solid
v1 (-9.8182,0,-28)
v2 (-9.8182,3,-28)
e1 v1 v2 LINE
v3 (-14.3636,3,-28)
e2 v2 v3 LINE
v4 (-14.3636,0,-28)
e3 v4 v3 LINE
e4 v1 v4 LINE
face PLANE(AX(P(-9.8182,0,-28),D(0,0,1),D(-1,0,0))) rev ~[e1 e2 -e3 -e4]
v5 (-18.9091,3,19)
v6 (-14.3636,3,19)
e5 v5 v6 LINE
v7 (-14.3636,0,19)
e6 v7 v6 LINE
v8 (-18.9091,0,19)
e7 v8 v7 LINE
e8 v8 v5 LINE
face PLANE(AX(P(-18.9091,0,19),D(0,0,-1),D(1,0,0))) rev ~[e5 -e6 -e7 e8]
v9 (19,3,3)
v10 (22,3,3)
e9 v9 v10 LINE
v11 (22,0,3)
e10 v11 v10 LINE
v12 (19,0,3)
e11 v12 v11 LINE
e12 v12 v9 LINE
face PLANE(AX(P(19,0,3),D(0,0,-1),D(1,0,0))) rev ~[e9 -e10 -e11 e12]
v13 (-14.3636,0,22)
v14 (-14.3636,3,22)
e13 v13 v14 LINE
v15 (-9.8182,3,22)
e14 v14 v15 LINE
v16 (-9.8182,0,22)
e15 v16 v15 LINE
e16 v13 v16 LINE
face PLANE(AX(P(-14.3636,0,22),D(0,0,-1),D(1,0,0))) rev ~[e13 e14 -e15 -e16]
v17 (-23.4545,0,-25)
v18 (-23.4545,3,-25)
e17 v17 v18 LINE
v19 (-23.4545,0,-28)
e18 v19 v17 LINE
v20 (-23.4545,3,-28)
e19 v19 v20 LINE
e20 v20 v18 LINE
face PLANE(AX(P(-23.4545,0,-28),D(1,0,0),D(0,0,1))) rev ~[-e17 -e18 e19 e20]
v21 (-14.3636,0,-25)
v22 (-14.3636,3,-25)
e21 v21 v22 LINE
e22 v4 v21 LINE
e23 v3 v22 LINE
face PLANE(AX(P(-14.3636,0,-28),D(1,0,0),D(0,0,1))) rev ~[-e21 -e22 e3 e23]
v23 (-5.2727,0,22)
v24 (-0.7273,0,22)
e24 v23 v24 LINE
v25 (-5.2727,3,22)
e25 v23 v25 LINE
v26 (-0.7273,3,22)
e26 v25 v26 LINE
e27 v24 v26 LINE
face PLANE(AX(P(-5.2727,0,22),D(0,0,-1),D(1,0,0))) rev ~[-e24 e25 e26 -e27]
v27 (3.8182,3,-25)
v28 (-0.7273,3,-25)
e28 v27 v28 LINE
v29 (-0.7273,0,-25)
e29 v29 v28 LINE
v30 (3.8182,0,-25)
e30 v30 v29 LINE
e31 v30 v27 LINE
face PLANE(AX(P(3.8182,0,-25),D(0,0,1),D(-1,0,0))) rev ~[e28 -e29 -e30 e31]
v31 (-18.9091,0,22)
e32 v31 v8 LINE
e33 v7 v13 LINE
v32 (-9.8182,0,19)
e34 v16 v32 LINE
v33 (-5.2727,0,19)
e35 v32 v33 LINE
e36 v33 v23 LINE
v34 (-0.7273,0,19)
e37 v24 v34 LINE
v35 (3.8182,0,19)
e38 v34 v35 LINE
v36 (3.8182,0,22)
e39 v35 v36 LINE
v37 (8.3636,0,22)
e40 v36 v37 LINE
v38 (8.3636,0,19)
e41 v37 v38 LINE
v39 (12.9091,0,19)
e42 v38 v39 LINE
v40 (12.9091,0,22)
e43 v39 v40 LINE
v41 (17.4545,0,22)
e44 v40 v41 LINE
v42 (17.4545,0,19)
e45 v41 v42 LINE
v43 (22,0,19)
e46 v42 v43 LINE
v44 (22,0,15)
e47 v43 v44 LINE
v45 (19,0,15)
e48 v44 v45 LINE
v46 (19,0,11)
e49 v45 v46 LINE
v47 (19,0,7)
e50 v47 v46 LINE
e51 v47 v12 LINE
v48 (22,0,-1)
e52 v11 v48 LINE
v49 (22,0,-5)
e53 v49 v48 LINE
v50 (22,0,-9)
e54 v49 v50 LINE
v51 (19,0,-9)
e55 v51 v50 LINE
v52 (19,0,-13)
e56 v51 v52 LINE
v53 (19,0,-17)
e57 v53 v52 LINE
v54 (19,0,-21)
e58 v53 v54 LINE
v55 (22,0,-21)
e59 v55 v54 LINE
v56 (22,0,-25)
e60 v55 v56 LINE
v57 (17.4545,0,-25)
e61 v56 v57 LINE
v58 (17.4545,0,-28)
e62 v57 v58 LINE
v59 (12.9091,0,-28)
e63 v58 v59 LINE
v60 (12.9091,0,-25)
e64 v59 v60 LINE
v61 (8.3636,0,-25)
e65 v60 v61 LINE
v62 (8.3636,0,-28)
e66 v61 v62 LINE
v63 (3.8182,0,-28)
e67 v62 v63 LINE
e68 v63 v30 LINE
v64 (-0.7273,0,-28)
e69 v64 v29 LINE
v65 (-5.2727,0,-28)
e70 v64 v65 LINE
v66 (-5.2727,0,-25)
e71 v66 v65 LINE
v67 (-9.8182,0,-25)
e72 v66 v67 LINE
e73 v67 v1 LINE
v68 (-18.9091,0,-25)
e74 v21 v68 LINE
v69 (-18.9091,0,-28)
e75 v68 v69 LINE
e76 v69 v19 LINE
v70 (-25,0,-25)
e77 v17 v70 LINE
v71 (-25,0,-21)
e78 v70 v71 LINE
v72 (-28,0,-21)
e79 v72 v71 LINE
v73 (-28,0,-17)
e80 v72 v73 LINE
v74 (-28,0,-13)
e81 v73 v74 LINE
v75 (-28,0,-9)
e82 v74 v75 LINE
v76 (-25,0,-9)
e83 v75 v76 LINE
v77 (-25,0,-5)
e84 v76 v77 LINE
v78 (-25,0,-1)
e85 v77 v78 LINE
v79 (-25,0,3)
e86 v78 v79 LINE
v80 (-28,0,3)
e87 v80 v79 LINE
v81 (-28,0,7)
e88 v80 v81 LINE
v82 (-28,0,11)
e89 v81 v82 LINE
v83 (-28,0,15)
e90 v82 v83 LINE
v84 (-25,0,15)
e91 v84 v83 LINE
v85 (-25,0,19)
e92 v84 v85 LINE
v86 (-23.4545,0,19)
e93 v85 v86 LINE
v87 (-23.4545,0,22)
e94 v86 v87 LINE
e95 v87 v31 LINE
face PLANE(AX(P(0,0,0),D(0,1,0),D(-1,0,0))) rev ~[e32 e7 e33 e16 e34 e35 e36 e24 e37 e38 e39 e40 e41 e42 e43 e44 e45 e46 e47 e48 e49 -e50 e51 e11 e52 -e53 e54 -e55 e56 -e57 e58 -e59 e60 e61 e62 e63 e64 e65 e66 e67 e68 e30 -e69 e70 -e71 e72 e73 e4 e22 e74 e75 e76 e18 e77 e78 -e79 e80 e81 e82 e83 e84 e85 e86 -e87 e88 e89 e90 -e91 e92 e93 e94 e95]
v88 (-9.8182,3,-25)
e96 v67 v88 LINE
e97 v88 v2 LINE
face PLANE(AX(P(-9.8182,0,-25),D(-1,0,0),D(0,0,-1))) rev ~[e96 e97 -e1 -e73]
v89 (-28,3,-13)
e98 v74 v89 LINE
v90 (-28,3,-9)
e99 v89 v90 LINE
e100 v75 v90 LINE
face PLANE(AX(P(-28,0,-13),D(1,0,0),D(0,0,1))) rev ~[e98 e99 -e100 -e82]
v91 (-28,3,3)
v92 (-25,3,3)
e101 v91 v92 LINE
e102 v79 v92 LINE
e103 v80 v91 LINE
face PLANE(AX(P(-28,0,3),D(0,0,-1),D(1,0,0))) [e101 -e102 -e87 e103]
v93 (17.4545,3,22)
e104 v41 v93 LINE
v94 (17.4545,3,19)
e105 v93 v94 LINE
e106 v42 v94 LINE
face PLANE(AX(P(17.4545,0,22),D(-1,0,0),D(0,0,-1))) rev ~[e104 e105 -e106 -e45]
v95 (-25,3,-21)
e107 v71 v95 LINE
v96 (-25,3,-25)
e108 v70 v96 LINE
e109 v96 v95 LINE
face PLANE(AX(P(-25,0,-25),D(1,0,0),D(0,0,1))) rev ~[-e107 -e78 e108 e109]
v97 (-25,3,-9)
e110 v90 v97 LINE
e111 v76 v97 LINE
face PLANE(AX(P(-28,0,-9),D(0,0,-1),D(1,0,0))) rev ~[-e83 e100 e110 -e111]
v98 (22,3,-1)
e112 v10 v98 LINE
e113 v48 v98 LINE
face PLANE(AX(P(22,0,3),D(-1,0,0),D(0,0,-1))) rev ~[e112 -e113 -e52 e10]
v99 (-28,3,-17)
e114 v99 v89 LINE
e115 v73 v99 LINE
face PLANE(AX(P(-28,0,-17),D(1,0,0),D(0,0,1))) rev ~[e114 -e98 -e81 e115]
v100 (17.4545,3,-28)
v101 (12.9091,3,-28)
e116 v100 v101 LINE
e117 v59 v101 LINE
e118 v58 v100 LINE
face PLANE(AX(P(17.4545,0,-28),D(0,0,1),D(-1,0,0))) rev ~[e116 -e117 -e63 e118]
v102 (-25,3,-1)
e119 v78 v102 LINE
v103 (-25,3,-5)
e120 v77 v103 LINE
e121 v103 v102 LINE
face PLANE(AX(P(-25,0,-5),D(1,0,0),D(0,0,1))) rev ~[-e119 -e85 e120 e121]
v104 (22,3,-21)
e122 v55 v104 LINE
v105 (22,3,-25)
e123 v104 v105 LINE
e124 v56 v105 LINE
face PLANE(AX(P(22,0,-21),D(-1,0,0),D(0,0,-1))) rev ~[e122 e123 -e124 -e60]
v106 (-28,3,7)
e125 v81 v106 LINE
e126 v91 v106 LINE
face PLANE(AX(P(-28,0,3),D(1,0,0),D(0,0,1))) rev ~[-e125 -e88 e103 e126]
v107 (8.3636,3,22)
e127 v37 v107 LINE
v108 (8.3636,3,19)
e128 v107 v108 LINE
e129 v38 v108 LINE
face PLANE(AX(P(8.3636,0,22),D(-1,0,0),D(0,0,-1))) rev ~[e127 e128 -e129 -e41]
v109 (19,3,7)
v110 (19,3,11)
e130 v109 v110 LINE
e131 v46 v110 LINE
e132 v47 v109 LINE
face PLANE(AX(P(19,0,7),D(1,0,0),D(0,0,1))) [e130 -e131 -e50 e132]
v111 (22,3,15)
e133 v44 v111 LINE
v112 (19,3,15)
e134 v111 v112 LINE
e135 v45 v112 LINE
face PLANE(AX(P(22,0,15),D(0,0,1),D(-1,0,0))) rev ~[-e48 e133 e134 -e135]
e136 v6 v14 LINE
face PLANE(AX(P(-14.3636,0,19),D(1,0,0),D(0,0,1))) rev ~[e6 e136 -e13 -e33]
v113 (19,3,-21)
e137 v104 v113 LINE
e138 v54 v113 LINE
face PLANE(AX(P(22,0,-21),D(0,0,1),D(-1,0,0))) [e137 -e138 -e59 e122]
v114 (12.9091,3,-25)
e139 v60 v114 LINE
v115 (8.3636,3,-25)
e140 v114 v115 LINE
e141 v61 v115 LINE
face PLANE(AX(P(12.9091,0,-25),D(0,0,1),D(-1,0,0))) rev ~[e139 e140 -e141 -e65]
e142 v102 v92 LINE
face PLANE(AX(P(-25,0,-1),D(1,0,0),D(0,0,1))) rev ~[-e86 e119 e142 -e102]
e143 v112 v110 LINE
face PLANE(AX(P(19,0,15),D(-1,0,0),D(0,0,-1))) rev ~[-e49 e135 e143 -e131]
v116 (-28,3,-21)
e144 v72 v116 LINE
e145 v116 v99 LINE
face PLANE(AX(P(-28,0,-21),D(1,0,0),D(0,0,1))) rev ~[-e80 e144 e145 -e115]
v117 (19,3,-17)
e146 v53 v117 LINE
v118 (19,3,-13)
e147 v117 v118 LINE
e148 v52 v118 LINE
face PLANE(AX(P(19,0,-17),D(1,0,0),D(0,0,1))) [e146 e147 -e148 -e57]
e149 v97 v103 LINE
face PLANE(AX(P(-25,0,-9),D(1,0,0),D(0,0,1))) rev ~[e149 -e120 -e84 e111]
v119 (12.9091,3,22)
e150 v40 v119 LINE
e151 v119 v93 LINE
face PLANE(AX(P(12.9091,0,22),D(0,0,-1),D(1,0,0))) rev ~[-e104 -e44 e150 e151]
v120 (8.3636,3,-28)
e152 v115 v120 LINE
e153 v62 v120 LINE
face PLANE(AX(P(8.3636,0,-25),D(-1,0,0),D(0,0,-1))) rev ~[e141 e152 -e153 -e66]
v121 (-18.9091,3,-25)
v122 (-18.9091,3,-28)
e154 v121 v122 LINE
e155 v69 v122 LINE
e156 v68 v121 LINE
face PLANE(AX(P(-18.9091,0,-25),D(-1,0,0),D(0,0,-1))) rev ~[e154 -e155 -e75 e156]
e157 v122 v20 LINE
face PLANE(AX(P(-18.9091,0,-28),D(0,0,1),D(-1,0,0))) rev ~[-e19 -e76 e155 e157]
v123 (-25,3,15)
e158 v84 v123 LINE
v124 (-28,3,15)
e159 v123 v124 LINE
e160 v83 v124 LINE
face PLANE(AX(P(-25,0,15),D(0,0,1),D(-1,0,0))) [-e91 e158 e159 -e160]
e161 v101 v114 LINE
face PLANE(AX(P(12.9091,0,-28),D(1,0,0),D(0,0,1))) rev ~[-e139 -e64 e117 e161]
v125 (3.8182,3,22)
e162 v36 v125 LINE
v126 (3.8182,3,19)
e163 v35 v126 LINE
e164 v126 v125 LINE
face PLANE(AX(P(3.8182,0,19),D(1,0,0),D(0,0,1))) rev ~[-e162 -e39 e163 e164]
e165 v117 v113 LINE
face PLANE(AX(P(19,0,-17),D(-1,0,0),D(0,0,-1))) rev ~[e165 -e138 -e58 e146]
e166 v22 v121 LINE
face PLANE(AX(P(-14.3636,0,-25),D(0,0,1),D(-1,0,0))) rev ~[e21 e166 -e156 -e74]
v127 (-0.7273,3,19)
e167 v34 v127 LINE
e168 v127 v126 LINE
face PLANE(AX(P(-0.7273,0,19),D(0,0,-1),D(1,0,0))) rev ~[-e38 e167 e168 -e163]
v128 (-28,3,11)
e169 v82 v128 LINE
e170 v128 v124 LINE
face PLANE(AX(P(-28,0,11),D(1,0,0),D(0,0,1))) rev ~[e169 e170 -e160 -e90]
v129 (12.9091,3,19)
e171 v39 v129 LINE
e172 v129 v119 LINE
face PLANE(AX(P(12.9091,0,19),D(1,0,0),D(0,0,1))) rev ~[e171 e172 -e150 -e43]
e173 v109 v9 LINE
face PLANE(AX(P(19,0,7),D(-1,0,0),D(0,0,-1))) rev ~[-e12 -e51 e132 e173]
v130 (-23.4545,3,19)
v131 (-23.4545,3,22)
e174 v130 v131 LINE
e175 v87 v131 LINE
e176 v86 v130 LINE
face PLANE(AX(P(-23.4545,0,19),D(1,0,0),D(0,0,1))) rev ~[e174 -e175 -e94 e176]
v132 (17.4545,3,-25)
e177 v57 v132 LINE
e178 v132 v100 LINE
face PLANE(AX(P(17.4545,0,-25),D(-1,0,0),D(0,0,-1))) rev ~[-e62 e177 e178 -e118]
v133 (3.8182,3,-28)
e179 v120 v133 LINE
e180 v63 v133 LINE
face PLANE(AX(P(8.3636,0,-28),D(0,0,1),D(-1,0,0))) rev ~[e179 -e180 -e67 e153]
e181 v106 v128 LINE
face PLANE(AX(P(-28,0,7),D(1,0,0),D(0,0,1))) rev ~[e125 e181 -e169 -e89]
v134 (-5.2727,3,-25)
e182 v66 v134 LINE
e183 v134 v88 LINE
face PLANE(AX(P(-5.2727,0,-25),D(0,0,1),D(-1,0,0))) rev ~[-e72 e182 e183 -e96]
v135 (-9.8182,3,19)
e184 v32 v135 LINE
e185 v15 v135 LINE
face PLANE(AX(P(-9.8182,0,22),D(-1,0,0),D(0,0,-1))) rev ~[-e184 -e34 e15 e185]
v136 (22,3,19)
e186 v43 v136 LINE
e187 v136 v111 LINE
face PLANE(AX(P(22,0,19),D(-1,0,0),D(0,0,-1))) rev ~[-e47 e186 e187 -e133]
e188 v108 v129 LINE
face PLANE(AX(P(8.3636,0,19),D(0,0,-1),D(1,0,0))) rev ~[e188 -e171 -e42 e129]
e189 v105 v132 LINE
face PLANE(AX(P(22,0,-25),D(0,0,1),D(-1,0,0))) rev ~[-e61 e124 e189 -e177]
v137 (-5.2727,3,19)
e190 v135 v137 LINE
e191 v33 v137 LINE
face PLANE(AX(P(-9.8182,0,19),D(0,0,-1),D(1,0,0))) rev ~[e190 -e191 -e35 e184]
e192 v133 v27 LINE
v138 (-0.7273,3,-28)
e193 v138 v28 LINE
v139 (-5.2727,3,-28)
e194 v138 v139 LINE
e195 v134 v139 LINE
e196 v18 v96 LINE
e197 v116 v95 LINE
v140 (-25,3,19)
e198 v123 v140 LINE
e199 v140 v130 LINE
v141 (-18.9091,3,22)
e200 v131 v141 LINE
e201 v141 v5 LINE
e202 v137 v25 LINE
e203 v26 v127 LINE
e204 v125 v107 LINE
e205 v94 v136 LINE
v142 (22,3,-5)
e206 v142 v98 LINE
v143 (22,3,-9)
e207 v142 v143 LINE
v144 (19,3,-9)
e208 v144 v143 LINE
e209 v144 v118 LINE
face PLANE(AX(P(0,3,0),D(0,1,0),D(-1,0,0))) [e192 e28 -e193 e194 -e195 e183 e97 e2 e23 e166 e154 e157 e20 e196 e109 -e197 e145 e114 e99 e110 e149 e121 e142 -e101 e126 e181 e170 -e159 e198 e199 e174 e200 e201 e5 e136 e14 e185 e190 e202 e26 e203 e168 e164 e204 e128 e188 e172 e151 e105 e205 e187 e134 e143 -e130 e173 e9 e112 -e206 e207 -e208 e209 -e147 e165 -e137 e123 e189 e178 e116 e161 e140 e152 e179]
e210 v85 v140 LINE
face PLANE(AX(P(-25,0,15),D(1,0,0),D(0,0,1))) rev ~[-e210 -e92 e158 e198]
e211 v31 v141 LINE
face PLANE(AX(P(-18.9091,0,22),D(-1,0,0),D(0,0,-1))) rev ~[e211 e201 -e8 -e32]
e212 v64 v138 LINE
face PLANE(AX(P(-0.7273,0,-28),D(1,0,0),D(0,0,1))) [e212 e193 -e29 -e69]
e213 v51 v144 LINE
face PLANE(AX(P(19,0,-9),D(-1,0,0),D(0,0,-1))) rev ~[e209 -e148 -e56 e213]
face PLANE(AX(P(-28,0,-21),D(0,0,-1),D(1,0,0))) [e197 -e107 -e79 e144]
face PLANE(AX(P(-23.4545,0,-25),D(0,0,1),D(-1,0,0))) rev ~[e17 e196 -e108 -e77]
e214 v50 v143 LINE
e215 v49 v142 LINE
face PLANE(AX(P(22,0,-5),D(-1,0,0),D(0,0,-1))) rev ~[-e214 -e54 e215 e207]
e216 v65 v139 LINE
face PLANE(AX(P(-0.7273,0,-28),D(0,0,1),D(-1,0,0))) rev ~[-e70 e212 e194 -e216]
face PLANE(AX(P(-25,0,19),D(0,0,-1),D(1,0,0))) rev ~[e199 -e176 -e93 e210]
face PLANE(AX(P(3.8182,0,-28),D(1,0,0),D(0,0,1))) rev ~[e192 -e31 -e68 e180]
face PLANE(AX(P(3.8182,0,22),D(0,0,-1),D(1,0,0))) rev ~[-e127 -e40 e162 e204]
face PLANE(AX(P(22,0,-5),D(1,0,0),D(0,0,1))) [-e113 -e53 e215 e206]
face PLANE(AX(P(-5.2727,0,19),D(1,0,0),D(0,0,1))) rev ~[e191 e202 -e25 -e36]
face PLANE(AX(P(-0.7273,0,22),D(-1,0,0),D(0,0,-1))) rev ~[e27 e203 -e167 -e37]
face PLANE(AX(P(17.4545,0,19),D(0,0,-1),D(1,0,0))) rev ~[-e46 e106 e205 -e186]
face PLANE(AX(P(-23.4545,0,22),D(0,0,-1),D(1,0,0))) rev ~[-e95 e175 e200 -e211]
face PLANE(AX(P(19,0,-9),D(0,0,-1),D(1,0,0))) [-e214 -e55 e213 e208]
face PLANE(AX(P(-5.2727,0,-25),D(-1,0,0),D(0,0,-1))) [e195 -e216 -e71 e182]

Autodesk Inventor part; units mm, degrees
ref_plane "YZ Plane" through (0, 0, 0) normal (1, 0, 0) x (0, 1, 0)
ref_plane "XZ Plane" through (0, 0, 0) normal (0, 1, 0) x (-1, 0, 0)
ref_plane "XY Plane" through (0, 0, 0) normal (0, 0, 1) x (1, 0, 0)
sketch "Sketch1" plane through (0, 0, 0) normal (0, 1, 0) x (-1, 0, 0)
  line L0 (23.4545, 19) -> (23.4545, 22)
  line L1 (18.9091, 22) -> (18.9091, 19)
  line L2 (14.3636, 19) -> (14.3636, 22)
  line L3 (9.8182, 22) -> (9.8182, 19)
  line L4 (5.2727, 19) -> (5.2727, 22)
  line L5 (0.7273, 22) -> (0.7273, 19)
  line L6 (-3.8182, 19) -> (-3.8182, 22)
  line L7 (-8.3636, 22) -> (-8.3636, 19)
  line L8 (-12.9091, 19) -> (-12.9091, 22)
  line L9 (-17.4545, 22) -> (-17.4545, 19)
  line L10 (-22, 15) -> (-19, 15)
  line L11 (-19, 3) -> (-22, 3)
  line L12 (-19, -9) -> (-22, -9)
  line L13 (-22, -21) -> (-19, -21)
  line L14 (-17.4545, -25) -> (-17.4545, -28)
  line L15 (-12.9091, -28) -> (-12.9091, -25)
  line L16 (-8.3636, -25) -> (-8.3636, -28)
  line L17 (-3.8182, -28) -> (-3.8182, -25)
  line L18 (0.7273, -28) -> (0.7273, -25)
  line L19 (5.2727, -25) -> (5.2727, -28)
  line L20 (23.4545, -28) -> (23.4545, -25)
  line L21 (18.9091, -25) -> (18.9091, -28)
  line L22 (14.3636, -28) -> (14.3636, -25)
  line L23 (9.8182, -25) -> (9.8182, -28)
  line L24 (28, -21) -> (25, -21)
  line L25 (25, 15) -> (28, 15)
  line L26 (28, 3) -> (25, 3)
  line L27 (18.9091, -28) -> (23.4545, -28)
  line L28 (9.8182, -28) -> (14.3636, -28)
  line L29 (0.7273, -28) -> (5.2727, -28)
  line L30 (28, -21) -> (28, -17)
  line L31 (28, 3) -> (28, 7)
  line L32 (28, 11) -> (28, 15)
  line L33 (23.4545, 22) -> (18.9091, 22)
  line L34 (14.3636, 22) -> (9.8182, 22)
  line L35 (5.2727, 22) -> (0.7273, 22)
  line L36 (-3.8182, 22) -> (-8.3636, 22)
  line L37 (-12.9091, 22) -> (-17.4545, 22)
  line L38 (-19, 15) -> (-19, 11)
  line L39 (-19, 7) -> (-19, 3)
  line L40 (-22, 3) -> (-22, -1)
  line L41 (-22, 19) -> (-22, 15)
  line L42 (-17.4545, -28) -> (-12.9091, -28)
  line L43 (-8.3636, -28) -> (-3.8182, -28)
  line L44 (-19, -9) -> (-19, -13)
  line L45 (-19, -17) -> (-19, -21)
  line L46 (-22, -5) -> (-22, -9)
  line L47 (-22, -21) -> (-22, -25)
  line L48 (-22, -25) -> (-17.4545, -25)
  line L49 (-12.9091, -25) -> (-8.3636, -25)
  line L50 (-3.8182, -25) -> (0.7273, -25)
  line L51 (5.2727, -25) -> (9.8182, -25)
  line L52 (14.3636, -25) -> (18.9091, -25)
  line L53 (23.4545, -25) -> (25, -25)
  line L54 (25, -25) -> (25, -21)
  line L55 (25, -1) -> (25, 3)
  line L56 (25, 15) -> (25, 19)
  line L57 (25, 19) -> (23.4545, 19)
  line L58 (18.9091, 19) -> (14.3636, 19)
  line L59 (9.8182, 19) -> (5.2727, 19)
  line L60 (0.7273, 19) -> (-3.8182, 19)
  line L61 (-8.3636, 19) -> (-12.9091, 19)
  line L62 (-17.4545, 19) -> (-22, 19)
  line L63 (28, -13) -> (28, -9)
  line L64 (28, -9) -> (25, -9)
  line L65 (25, -9) -> (25, -5)
  line L66 (-19, -17) -> (-19, -13)
  line L67 (-22, -5) -> (-22, -1)
  line L68 (-19, 7) -> (-19, 11)
  line L69 (28, -17) -> (28, -13)
  line L70 (25, -5) -> (25, -1)
  line L71 (28, 7) -> (28, 11)
  point P0 (0, 0)
  point P1 (-219, 16.6364)
  point P2 (-222, -22.6364)
  point P3 (228, -22.6364)
  point P4 (-11.5, 9)
  point P5 (-11.5, 6.8182)
  point P6 (-14.5, 0.2727)
  point P7 (-11.5, -6.2727)
  point P8 (20.5, -12.8182)
  point P9 (20.5, -10.6364)
  point P10 (17.5, -3.0455)
  point P11 (17.5, -2.9545)
  point P12 (-11.5, 6.8182)
  point P13 (-14.5, 6.8182)
  point P14 (-14.5, 5)
  point P15 (-14.5, 9)
  dimension "d1" = 47
  dimension "d3" = 44
  dimension "d5" = 25
  dimension "d6" = 25
  dimension "d9" = 3
  dimension "d15" = 3
  dimension "d16" = 3
  dimension "d17" = 3
  dimension "d18" = 12
  dimension "d19" = 12
  dimension "d20" = 12
  dimension "d21" = 4
  dimension "d23" = 4.5454
extrude "Extrusion1" add sketch "Sketch1" along normal blind 3
equation "\"d1\" = wt - tt"
equation "\"d3\" = -2 * tt + ht"
equation "\"d5\" = 0.5 * ht"
equation "\"d6\" = 0.5 * wt"
equation "\"d9\" = tt"
equation "\"d15\" = tt"
equation "\"d16\" = tt"
equation "\"d17\" = tt"
equation "\"d18\" = 0.272727 * ht - 0.545455 * tt"
equation "\"d19\" = d18"
equation "\"d20\" = d18"
equation "\"d21\" = -0.181818 * tt + 0.0909091 * ht"
equation "\"d23\" = 0.0909091 * wt"
equation "\"d13\" = tt"
equation "\"wt\" = 50"
equation "\"tt\" = 3"
equation "\"tol\" = 0"
equation "\"tiroir\" = 25.4"
equation "\"nHoles\" = 101.6"
equation "\"shelfH\" = 35"
equation "\"d0\" = 0.5 * wt"
equation "\"d2\" = 0.5 * lt"
equation "\"d4\" = tt"
equation "\"ht\" = 50"
equation "\"lt\" = 50"
properties part number "base"
